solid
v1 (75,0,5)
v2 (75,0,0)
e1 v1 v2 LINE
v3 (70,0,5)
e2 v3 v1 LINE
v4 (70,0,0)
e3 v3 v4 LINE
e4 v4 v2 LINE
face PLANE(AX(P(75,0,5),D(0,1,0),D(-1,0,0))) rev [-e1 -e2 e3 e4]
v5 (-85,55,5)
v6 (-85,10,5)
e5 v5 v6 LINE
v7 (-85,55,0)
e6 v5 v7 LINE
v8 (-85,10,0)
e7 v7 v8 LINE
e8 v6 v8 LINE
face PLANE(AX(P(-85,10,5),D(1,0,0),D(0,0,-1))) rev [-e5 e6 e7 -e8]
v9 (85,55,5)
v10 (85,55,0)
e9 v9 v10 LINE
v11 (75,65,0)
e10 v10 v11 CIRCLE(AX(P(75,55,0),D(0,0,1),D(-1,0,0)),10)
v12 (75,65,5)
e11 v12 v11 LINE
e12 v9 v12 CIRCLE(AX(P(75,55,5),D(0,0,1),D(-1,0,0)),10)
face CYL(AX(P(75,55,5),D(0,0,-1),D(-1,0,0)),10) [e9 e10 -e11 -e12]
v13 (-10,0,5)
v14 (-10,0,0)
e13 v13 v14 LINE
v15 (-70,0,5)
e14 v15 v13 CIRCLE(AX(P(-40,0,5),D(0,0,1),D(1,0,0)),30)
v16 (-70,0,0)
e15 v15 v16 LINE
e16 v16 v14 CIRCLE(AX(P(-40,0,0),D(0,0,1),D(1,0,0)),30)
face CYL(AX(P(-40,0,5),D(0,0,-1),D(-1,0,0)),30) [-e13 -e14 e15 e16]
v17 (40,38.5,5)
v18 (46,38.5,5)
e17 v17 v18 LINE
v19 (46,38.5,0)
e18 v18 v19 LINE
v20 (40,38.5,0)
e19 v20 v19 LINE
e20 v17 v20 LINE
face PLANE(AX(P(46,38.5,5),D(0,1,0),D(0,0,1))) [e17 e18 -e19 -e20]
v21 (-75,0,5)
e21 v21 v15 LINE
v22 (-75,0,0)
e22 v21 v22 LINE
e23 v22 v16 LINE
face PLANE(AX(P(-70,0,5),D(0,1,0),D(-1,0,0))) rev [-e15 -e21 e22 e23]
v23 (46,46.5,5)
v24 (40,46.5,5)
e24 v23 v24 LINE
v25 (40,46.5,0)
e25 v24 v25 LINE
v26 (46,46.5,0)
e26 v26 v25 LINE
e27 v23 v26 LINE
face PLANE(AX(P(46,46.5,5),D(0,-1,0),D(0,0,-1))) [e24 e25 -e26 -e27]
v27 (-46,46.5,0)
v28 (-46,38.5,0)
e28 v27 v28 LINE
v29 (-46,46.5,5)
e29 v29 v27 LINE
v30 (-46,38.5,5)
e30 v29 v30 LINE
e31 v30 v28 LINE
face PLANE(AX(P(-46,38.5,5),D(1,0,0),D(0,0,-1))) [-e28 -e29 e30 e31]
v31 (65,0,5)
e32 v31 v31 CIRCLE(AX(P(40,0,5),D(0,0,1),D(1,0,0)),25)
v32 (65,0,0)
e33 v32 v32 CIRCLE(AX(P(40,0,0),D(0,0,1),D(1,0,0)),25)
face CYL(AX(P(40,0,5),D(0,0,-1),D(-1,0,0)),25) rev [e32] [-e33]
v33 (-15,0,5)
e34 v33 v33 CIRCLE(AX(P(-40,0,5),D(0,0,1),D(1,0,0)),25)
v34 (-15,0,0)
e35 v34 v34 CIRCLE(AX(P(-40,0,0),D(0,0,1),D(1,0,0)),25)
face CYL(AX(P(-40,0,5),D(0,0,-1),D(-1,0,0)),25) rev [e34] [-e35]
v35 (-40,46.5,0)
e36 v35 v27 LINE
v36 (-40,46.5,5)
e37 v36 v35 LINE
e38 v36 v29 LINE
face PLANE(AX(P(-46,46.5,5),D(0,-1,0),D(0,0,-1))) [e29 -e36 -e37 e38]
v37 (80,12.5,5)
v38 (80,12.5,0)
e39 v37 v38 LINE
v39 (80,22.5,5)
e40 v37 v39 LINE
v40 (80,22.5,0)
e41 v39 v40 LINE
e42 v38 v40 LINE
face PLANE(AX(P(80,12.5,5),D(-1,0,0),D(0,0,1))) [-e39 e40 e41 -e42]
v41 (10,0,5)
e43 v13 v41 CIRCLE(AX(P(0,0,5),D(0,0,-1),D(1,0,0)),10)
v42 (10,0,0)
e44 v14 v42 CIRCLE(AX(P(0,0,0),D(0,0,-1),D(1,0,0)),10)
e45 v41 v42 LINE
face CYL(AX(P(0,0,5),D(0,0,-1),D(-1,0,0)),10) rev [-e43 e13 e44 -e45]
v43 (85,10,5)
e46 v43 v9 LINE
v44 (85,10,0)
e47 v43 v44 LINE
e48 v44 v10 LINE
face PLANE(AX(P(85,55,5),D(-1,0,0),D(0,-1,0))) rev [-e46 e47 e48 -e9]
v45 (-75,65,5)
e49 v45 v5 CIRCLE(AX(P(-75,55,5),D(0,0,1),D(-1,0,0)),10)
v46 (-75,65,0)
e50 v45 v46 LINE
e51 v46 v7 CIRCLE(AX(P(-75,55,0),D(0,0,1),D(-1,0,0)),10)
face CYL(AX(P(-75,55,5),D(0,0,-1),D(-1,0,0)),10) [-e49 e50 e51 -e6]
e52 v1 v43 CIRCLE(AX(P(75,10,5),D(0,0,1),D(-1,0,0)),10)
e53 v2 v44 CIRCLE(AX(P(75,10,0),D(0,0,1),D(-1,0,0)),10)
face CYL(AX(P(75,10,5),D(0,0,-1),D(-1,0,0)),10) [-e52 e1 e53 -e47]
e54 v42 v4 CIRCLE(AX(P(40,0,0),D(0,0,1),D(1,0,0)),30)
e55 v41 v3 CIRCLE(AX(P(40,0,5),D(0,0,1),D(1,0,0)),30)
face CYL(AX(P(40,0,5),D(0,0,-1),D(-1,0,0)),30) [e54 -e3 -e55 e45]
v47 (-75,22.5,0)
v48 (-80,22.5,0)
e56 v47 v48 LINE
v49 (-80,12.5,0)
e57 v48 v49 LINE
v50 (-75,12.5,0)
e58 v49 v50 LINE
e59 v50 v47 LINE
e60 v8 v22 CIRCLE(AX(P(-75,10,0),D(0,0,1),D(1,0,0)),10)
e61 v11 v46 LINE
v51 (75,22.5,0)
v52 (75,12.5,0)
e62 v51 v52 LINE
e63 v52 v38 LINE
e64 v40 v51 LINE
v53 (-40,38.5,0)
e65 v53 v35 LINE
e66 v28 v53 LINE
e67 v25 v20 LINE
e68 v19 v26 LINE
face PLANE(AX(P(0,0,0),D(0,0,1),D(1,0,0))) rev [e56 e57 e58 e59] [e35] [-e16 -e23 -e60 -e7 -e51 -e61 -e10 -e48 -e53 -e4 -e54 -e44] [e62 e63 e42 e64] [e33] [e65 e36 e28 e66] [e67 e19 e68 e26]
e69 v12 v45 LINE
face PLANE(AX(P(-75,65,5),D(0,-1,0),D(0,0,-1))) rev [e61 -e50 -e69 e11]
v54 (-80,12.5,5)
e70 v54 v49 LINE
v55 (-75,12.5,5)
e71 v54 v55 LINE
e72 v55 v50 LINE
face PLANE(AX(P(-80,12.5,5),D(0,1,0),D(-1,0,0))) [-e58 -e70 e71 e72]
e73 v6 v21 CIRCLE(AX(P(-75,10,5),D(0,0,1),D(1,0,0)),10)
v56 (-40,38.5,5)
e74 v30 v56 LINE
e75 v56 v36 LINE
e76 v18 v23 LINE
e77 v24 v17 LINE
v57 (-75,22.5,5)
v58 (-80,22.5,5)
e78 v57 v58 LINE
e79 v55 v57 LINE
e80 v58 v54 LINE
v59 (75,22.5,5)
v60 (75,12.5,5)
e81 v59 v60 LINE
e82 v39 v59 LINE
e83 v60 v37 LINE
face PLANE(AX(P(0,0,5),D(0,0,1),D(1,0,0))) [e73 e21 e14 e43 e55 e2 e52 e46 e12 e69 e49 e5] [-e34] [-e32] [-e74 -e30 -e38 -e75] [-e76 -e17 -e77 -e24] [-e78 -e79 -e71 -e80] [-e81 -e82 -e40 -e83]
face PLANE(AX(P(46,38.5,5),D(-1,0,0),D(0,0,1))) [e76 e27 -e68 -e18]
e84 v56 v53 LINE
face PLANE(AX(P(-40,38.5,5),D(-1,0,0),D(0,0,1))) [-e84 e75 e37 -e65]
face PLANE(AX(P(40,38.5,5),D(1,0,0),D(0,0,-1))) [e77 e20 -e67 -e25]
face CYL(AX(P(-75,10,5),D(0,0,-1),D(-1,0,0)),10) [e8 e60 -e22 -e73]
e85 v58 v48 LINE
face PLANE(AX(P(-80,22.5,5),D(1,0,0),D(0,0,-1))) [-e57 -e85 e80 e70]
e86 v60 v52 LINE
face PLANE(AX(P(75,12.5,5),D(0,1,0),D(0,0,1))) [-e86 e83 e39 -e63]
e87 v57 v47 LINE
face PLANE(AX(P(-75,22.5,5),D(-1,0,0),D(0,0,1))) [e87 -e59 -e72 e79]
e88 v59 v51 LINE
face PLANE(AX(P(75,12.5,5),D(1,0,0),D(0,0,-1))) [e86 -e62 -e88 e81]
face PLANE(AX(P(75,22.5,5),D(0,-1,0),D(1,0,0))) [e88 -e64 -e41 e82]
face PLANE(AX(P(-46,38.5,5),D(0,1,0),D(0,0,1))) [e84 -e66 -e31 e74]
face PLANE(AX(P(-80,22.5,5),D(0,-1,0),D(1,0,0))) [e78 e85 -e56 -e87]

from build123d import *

# Parameters (mm, degrees)
SKETCH1_R           = 25
SKETCH1_W           = 5
SKETCH1_H           = 10
SKETCH1_W_2         = 6
SKETCH1_H_2         = 8
BOSS_EXTRUDE1_DEPTH = 5


with BuildPart() as part:
    # Sketch1 → Boss-Extrude1 (new body)
    with BuildSketch(Plane.XY):
        with BuildLine():
            Line((-85, 10), (-85, 55))
            ThreePointArc((-85, 55), (-82.071067812, 62.071067812), (-75, 65))
            Line((-75, 65), (75, 65))
            ThreePointArc((75, 65), (82.071067812, 62.071067812), (85, 55))
            Line((85, 55), (85, 10))
            ThreePointArc((85, 10), (82.071067812, 2.928932188), (75, 0))
            Line((75, 0), (70, 0))
            ThreePointArc((70, 0), (40, -30), (10, 0))
            ThreePointArc((10, 0), (0, 10), (-10, 0))
            ThreePointArc((-10, 0), (-40, -30), (-70, 0))
            Line((-70, 0), (-75, 0))
            ThreePointArc((-75, 0), (-82.071067812, 2.928932188), (-85, 10))
        make_face()
        with Locations((-40, 0)):
            Circle(SKETCH1_R, mode=Mode.SUBTRACT)
        with Locations((40, 0)):
            Circle(SKETCH1_R, mode=Mode.SUBTRACT)
        with Locations((77.5, 17.5)):
            Rectangle(SKETCH1_W, SKETCH1_H, mode=Mode.SUBTRACT)
        with Locations((-77.5, 17.5)):
            Rectangle(SKETCH1_W, SKETCH1_H, mode=Mode.SUBTRACT)
        with Locations((-43, 42.5)):
            Rectangle(SKETCH1_W_2, SKETCH1_H_2, mode=Mode.SUBTRACT)
        with Locations((43, 42.5)):
            Rectangle(SKETCH1_W_2, SKETCH1_H_2, mode=Mode.SUBTRACT)
    extrude(amount=BOSS_EXTRUDE1_DEPTH)


solid = part.part
